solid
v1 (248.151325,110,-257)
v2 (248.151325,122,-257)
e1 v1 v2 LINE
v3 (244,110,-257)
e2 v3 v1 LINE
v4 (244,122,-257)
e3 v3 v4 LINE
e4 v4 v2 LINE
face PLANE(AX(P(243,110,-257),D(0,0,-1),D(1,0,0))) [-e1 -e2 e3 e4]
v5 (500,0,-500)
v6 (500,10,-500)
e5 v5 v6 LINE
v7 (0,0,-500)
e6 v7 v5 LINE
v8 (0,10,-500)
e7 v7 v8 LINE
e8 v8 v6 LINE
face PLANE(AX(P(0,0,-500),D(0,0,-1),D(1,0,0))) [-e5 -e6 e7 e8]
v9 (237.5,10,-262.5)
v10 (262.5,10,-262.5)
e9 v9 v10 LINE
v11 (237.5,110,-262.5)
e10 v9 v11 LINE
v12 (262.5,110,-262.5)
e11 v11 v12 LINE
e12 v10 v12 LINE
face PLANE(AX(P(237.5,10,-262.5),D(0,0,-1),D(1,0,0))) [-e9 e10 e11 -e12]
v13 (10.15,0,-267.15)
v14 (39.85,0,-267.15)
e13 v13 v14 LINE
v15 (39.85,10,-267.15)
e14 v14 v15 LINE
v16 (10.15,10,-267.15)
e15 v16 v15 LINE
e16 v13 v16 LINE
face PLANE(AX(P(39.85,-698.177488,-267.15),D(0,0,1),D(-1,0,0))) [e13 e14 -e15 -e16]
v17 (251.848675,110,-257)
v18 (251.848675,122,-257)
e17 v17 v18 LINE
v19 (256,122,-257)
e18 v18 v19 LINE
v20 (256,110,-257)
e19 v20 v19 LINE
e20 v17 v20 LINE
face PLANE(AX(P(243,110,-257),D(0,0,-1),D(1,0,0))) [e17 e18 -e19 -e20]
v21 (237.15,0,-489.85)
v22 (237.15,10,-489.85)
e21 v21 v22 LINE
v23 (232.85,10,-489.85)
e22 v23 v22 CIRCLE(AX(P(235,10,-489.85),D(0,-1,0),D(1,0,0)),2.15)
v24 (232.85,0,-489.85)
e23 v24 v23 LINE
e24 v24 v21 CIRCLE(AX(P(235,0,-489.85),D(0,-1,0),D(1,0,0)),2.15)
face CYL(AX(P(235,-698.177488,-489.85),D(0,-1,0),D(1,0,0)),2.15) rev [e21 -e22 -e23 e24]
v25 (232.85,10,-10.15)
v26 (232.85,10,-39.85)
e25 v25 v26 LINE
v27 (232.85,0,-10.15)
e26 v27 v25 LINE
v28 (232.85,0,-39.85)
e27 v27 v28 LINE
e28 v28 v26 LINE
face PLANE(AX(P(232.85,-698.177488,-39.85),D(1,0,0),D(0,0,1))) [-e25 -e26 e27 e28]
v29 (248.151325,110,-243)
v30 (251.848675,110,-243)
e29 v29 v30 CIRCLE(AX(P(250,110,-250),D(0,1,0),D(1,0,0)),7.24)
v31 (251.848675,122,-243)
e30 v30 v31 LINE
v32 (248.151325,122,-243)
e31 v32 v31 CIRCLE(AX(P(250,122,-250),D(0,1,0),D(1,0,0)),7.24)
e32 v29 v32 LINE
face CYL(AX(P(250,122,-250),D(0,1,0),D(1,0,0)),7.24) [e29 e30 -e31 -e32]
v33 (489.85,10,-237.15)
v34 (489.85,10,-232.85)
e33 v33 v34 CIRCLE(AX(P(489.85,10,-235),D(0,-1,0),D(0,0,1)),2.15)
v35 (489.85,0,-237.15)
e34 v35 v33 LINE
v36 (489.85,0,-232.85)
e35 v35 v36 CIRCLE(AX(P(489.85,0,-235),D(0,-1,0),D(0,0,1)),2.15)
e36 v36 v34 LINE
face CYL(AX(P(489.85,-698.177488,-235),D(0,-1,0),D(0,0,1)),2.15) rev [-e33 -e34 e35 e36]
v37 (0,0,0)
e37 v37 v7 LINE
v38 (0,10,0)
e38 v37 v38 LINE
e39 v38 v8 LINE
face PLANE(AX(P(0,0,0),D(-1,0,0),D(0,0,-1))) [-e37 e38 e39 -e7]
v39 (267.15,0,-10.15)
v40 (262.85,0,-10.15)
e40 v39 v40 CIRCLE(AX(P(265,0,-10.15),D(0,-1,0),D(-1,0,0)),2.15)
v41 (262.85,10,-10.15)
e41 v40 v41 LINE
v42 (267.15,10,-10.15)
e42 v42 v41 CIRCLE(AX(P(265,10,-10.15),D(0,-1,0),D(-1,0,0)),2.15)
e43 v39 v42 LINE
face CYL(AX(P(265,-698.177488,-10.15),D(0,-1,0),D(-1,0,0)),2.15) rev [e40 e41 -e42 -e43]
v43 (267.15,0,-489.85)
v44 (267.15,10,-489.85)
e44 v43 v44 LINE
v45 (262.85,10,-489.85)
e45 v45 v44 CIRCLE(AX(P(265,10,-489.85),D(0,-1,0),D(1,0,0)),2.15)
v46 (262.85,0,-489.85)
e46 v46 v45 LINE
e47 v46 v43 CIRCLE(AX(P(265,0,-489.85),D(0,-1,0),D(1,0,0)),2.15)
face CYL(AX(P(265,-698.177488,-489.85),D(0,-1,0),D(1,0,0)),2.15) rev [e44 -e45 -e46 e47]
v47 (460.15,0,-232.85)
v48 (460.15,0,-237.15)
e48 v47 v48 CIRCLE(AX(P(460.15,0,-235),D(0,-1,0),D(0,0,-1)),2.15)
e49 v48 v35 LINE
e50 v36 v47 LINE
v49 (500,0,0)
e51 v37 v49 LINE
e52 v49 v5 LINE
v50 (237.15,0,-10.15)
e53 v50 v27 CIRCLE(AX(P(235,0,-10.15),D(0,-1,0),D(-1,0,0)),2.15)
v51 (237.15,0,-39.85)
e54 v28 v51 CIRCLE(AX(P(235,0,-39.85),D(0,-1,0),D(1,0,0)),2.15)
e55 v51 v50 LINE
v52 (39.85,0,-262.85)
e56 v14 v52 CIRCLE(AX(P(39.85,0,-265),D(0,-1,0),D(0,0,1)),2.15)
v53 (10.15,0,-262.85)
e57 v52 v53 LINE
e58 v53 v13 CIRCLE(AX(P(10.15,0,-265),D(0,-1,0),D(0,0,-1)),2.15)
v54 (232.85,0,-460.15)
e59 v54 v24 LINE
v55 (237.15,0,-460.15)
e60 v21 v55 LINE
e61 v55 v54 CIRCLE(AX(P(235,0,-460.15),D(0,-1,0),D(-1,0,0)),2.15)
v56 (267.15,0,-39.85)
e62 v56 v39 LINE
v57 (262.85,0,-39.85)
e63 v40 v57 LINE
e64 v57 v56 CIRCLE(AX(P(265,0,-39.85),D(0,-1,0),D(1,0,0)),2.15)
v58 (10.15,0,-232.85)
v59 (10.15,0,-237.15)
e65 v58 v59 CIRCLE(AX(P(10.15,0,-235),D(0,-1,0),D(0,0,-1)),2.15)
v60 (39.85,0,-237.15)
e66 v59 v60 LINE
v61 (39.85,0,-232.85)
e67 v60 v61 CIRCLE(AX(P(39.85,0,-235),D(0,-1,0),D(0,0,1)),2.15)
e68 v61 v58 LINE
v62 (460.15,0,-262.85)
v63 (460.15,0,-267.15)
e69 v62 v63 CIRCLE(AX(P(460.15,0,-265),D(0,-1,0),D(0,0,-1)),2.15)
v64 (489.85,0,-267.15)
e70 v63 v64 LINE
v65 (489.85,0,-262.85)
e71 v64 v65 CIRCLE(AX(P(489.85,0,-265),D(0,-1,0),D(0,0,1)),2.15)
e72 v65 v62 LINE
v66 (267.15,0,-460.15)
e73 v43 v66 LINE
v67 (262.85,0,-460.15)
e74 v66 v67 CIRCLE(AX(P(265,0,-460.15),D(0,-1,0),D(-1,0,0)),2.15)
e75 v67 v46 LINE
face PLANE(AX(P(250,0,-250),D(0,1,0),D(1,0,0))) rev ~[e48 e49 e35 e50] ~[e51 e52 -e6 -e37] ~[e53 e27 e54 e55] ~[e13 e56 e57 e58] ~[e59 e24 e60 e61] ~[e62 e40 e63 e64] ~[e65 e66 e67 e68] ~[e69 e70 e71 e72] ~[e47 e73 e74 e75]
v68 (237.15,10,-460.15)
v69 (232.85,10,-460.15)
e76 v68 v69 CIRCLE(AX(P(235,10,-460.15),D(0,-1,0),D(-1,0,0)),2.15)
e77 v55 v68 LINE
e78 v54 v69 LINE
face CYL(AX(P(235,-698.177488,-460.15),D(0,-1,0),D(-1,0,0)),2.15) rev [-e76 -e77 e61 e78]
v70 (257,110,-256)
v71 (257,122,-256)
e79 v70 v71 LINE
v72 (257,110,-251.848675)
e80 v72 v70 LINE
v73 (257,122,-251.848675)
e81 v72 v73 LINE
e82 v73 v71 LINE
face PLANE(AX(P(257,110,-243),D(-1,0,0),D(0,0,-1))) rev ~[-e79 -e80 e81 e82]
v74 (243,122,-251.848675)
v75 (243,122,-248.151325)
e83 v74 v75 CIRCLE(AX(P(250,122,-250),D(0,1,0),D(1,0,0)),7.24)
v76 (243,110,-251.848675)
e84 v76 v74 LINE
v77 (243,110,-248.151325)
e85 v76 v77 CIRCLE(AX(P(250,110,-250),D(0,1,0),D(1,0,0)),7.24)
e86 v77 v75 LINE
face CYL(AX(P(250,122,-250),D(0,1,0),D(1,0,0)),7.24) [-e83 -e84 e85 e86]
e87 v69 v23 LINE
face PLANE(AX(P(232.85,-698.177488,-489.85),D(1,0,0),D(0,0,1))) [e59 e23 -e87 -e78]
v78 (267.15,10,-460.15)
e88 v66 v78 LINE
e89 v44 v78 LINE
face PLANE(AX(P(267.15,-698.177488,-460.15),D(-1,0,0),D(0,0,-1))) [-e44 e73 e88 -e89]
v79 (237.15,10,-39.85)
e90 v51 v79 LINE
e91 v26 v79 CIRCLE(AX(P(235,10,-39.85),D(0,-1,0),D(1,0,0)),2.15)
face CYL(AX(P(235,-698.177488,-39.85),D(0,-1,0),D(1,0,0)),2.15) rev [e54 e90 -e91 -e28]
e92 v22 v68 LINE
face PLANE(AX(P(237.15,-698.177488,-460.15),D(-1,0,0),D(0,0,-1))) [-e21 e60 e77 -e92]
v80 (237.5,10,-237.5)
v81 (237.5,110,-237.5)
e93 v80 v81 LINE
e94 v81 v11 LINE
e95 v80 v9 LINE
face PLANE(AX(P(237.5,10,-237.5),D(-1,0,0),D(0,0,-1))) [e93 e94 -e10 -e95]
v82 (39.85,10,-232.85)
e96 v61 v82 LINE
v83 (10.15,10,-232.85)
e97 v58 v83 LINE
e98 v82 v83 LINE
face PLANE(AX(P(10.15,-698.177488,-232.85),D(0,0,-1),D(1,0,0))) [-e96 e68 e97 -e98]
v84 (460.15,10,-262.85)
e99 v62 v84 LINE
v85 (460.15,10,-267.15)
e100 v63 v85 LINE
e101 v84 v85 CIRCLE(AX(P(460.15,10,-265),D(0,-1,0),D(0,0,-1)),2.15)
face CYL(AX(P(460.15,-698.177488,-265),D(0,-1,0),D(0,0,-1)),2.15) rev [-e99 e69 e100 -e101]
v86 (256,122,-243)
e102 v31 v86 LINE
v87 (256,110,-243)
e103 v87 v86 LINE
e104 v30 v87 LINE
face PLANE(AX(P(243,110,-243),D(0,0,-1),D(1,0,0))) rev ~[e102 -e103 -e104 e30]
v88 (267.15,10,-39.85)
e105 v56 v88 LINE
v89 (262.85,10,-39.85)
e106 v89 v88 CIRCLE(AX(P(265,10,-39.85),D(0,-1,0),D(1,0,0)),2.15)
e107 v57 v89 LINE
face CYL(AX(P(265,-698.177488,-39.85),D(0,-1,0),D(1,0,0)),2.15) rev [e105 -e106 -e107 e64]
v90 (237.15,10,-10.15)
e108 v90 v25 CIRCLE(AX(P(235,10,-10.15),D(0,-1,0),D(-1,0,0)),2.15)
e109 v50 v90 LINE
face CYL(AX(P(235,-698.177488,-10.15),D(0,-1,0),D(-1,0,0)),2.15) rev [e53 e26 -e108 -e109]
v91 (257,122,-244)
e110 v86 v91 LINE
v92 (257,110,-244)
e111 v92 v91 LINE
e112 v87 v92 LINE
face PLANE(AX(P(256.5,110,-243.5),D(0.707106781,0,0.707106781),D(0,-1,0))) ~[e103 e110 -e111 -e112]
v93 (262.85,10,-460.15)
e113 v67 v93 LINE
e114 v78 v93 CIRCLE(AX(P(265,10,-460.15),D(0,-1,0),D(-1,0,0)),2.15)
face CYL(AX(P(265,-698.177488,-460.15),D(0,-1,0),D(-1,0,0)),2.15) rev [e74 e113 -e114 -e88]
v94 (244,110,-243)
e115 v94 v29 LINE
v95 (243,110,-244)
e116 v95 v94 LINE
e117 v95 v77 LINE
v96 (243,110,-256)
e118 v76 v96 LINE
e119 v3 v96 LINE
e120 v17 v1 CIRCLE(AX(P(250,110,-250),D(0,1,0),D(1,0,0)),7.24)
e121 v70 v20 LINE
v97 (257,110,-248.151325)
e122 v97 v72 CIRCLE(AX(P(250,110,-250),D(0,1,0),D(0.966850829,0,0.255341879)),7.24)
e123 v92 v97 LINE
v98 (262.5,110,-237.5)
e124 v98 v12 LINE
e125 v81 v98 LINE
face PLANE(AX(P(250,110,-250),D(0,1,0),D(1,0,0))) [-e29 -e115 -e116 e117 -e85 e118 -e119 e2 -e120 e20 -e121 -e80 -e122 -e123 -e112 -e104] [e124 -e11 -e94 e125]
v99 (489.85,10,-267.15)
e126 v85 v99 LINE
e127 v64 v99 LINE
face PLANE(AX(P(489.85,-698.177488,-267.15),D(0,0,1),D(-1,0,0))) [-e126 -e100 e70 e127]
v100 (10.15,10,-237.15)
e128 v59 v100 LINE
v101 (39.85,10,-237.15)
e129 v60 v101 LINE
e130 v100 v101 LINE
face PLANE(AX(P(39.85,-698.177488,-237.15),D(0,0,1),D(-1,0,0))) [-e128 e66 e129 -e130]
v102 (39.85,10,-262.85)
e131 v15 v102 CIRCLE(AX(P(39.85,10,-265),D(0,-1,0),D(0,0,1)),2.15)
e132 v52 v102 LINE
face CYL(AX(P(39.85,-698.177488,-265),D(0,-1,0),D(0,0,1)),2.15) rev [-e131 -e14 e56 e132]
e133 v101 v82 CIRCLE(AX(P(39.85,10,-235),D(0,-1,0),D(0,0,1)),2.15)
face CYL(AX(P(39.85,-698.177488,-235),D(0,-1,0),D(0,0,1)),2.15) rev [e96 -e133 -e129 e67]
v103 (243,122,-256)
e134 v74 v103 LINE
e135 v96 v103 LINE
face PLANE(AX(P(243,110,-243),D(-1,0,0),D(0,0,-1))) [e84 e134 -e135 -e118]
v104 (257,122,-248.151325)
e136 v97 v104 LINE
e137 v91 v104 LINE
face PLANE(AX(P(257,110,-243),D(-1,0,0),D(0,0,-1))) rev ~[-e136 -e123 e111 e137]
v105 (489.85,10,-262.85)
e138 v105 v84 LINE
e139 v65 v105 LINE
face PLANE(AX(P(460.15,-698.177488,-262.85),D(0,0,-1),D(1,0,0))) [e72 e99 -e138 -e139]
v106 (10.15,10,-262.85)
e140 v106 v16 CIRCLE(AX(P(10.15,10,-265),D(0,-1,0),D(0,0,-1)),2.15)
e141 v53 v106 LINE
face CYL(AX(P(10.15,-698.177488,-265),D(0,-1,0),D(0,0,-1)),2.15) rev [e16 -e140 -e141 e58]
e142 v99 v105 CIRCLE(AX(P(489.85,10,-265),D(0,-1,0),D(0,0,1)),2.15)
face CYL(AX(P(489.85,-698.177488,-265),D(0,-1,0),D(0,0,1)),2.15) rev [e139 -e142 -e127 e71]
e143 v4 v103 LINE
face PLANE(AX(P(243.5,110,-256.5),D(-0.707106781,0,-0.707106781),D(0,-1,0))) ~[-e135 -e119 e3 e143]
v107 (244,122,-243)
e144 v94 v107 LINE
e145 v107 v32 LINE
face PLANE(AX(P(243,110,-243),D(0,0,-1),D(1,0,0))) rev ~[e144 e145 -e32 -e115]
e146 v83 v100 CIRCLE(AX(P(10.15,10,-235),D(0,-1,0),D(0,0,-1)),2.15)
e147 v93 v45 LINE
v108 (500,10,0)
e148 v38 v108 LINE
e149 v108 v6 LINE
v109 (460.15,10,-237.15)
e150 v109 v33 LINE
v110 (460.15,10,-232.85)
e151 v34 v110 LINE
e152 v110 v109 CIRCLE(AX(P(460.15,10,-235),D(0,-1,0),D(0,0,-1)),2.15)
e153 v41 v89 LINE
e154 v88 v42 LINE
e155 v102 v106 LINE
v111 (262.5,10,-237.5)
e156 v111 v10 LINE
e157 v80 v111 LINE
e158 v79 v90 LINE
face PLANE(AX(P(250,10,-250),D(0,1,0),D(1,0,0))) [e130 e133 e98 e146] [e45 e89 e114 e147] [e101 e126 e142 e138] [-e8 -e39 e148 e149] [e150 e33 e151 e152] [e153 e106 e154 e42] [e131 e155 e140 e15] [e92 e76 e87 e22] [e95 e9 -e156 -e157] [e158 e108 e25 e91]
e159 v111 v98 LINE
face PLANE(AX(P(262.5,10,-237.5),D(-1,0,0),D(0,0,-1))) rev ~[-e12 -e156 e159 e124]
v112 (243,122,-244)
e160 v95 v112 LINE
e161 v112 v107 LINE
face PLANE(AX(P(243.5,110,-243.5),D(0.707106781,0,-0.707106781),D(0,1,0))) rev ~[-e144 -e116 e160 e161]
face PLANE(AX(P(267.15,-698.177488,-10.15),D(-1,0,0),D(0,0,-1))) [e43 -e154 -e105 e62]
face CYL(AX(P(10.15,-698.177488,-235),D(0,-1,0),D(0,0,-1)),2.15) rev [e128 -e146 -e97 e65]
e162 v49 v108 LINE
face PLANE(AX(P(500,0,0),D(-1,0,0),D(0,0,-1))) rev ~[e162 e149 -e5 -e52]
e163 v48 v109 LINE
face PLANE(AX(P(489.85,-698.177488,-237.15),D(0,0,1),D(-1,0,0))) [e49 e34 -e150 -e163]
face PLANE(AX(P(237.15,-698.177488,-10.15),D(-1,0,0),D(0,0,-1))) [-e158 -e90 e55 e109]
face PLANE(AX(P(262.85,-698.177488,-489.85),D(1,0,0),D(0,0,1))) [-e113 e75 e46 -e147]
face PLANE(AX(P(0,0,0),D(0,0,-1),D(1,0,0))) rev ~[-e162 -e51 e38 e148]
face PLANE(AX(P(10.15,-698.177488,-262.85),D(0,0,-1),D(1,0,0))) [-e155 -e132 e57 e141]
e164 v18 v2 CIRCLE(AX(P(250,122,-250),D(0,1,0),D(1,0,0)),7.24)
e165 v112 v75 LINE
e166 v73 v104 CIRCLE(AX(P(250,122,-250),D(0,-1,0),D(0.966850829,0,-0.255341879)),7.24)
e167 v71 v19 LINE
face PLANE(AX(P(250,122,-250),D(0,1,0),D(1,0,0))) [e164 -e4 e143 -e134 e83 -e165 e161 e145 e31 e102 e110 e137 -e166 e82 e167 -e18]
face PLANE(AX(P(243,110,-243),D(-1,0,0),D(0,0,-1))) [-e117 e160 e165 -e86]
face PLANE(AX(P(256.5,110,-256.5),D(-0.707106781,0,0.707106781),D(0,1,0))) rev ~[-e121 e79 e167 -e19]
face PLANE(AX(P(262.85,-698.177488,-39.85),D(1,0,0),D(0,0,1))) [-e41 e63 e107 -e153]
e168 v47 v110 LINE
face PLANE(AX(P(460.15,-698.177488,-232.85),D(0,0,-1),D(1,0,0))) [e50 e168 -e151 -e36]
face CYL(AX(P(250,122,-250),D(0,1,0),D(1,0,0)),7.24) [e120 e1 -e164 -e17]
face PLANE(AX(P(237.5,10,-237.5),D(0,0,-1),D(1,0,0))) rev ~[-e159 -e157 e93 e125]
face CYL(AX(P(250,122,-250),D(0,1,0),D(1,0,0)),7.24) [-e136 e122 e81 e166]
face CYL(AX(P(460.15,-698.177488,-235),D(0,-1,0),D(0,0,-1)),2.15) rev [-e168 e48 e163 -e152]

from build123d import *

# Parameters (mm, degrees)
ESBO_O1_W                  = 500
ESBO_O1_H                  = 500
RESSALTO_EXTRUS_O1_DEPTH   = 10
CORTE_EXTRUS_O2_DEPTH      = 708.177488329
CORTE_EXTRUS_O2_DEPTH_BACK = 708.177488329
ESBO_O3_W                  = 25
ESBO_O3_H                  = 25
RESSALTO_EXTRUS_O2_DEPTH   = 100
ESBO_O4_W                  = 14
ESBO_O4_H                  = 14
RESSALTO_EXTRUS_O3_DEPTH   = 12
ESBO_O5_R                  = 7.24
RESSALTO_EXTRUS_O4_DEPTH   = 12
CHANFRO1_SIZE              = 1


with BuildPart() as part:
    # Esboço1 → Ressalto-extrusão1 (new body)
    with BuildSketch(Plane(origin=(0, 0, 0), x_dir=(1, 0, 0), z_dir=(0, 1, 0))):
        with Locations((250, 250)):
            Rectangle(ESBO_O1_W, ESBO_O1_H)
    extrude(amount=RESSALTO_EXTRUS_O1_DEPTH)

    # Esboço2 → Corte-extrusão2 (cut, two sides: drawn at the far end of the back side and taken through both)
    with BuildSketch(Plane(origin=(0, 10, 0), x_dir=(1, 0, 0), z_dir=(0, 1, 0)).offset(-CORTE_EXTRUS_O2_DEPTH_BACK)):
        with BuildLine():
            Line((232.85, 489.85), (232.85, 460.15))
            ThreePointArc((232.85, 460.15), (235, 458), (237.15, 460.15))
            Line((237.15, 460.15), (237.15, 489.85))
            ThreePointArc((237.15, 489.85), (235, 492), (232.85, 489.85))
        make_face()
        with BuildLine():
            Line((262.85, 489.85), (262.85, 460.15))
            ThreePointArc((262.85, 460.15), (265, 458), (267.15, 460.15))
            Line((267.15, 460.15), (267.15, 489.85))
            ThreePointArc((267.15, 489.85), (265, 492), (262.85, 489.85))
        make_face()
        with BuildLine():
            Line((489.85, 267.15), (460.15, 267.15))
            ThreePointArc((460.15, 267.15), (458, 265), (460.15, 262.85))
            Line((460.15, 262.85), (489.85, 262.85))
            ThreePointArc((489.85, 262.85), (492, 265), (489.85, 267.15))
        make_face()
        with BuildLine():
            Line((489.85, 237.15), (460.15, 237.15))
            ThreePointArc((460.15, 237.15), (458, 235), (460.15, 232.85))
            Line((460.15, 232.85), (489.85, 232.85))
            ThreePointArc((489.85, 232.85), (492, 235), (489.85, 237.15))
        make_face()
        with BuildLine():
            Line((267.15, 10.15), (267.15, 39.85))
            ThreePointArc((267.15, 39.85), (265, 42), (262.85, 39.85))
            Line((262.85, 39.85), (262.85, 10.15))
            ThreePointArc((262.85, 10.15), (265, 8), (267.15, 10.15))
        make_face()
        with BuildLine():
            Line((237.15, 10.15), (237.15, 39.85))
            ThreePointArc((237.15, 39.85), (235, 42), (232.85, 39.85))
            Line((232.85, 39.85), (232.85, 10.15))
            ThreePointArc((232.85, 10.15), (235, 8), (237.15, 10.15))
        make_face()
        with BuildLine():
            Line((10.15, 232.85), (39.85, 232.85))
            ThreePointArc((39.85, 232.85), (42, 235), (39.85, 237.15))
            Line((39.85, 237.15), (10.15, 237.15))
            ThreePointArc((10.15, 237.15), (8, 235), (10.15, 232.85))
        make_face()
        with BuildLine():
            Line((10.15, 262.85), (39.85, 262.85))
            ThreePointArc((39.85, 262.85), (42, 265), (39.85, 267.15))
            Line((39.85, 267.15), (10.15, 267.15))
            ThreePointArc((10.15, 267.15), (8, 265), (10.15, 262.85))
        make_face()
    extrude(amount=CORTE_EXTRUS_O2_DEPTH + CORTE_EXTRUS_O2_DEPTH_BACK, mode=Mode.SUBTRACT)

    # Esboço3 → Ressalto-extrusão2 (add)
    with BuildSketch(Plane(origin=(0, 10, 0), x_dir=(1, 0, 0), z_dir=(0, 1, 0))):
        with Locations((250, 250)):
            Rectangle(ESBO_O3_W, ESBO_O3_H)
    extrude(amount=RESSALTO_EXTRUS_O2_DEPTH)

    # Esboço4 → Ressalto-extrusão3 (add)
    with BuildSketch(Plane(origin=(0, 110, 0), x_dir=(1, 0, 0), z_dir=(0, 1, 0))):
        with Locations((250, 250)):
            Rectangle(ESBO_O4_W, ESBO_O4_H)
    extrude(amount=RESSALTO_EXTRUS_O3_DEPTH)

    # Esboço5 → Ressalto-extrusão4 (add)
    with BuildSketch(Plane(origin=(0, 122, 0), x_dir=(1, 0, 0), z_dir=(0, 1, 0))):
        with Locations((250, 250)):
            Circle(ESBO_O5_R)
    extrude(amount=-RESSALTO_EXTRUS_O4_DEPTH)

    # Chanfro1
    chanfro1_edges = [part.edges().sort_by_distance(p)[0] for p in [
        (243, 116, -257),
        (243, 116, -243),
        (257, 116, -243),
        (257, 116, -257),
    ]]
    chamfer(chanfro1_edges, length=CHANFRO1_SIZE)


solid = part.part
